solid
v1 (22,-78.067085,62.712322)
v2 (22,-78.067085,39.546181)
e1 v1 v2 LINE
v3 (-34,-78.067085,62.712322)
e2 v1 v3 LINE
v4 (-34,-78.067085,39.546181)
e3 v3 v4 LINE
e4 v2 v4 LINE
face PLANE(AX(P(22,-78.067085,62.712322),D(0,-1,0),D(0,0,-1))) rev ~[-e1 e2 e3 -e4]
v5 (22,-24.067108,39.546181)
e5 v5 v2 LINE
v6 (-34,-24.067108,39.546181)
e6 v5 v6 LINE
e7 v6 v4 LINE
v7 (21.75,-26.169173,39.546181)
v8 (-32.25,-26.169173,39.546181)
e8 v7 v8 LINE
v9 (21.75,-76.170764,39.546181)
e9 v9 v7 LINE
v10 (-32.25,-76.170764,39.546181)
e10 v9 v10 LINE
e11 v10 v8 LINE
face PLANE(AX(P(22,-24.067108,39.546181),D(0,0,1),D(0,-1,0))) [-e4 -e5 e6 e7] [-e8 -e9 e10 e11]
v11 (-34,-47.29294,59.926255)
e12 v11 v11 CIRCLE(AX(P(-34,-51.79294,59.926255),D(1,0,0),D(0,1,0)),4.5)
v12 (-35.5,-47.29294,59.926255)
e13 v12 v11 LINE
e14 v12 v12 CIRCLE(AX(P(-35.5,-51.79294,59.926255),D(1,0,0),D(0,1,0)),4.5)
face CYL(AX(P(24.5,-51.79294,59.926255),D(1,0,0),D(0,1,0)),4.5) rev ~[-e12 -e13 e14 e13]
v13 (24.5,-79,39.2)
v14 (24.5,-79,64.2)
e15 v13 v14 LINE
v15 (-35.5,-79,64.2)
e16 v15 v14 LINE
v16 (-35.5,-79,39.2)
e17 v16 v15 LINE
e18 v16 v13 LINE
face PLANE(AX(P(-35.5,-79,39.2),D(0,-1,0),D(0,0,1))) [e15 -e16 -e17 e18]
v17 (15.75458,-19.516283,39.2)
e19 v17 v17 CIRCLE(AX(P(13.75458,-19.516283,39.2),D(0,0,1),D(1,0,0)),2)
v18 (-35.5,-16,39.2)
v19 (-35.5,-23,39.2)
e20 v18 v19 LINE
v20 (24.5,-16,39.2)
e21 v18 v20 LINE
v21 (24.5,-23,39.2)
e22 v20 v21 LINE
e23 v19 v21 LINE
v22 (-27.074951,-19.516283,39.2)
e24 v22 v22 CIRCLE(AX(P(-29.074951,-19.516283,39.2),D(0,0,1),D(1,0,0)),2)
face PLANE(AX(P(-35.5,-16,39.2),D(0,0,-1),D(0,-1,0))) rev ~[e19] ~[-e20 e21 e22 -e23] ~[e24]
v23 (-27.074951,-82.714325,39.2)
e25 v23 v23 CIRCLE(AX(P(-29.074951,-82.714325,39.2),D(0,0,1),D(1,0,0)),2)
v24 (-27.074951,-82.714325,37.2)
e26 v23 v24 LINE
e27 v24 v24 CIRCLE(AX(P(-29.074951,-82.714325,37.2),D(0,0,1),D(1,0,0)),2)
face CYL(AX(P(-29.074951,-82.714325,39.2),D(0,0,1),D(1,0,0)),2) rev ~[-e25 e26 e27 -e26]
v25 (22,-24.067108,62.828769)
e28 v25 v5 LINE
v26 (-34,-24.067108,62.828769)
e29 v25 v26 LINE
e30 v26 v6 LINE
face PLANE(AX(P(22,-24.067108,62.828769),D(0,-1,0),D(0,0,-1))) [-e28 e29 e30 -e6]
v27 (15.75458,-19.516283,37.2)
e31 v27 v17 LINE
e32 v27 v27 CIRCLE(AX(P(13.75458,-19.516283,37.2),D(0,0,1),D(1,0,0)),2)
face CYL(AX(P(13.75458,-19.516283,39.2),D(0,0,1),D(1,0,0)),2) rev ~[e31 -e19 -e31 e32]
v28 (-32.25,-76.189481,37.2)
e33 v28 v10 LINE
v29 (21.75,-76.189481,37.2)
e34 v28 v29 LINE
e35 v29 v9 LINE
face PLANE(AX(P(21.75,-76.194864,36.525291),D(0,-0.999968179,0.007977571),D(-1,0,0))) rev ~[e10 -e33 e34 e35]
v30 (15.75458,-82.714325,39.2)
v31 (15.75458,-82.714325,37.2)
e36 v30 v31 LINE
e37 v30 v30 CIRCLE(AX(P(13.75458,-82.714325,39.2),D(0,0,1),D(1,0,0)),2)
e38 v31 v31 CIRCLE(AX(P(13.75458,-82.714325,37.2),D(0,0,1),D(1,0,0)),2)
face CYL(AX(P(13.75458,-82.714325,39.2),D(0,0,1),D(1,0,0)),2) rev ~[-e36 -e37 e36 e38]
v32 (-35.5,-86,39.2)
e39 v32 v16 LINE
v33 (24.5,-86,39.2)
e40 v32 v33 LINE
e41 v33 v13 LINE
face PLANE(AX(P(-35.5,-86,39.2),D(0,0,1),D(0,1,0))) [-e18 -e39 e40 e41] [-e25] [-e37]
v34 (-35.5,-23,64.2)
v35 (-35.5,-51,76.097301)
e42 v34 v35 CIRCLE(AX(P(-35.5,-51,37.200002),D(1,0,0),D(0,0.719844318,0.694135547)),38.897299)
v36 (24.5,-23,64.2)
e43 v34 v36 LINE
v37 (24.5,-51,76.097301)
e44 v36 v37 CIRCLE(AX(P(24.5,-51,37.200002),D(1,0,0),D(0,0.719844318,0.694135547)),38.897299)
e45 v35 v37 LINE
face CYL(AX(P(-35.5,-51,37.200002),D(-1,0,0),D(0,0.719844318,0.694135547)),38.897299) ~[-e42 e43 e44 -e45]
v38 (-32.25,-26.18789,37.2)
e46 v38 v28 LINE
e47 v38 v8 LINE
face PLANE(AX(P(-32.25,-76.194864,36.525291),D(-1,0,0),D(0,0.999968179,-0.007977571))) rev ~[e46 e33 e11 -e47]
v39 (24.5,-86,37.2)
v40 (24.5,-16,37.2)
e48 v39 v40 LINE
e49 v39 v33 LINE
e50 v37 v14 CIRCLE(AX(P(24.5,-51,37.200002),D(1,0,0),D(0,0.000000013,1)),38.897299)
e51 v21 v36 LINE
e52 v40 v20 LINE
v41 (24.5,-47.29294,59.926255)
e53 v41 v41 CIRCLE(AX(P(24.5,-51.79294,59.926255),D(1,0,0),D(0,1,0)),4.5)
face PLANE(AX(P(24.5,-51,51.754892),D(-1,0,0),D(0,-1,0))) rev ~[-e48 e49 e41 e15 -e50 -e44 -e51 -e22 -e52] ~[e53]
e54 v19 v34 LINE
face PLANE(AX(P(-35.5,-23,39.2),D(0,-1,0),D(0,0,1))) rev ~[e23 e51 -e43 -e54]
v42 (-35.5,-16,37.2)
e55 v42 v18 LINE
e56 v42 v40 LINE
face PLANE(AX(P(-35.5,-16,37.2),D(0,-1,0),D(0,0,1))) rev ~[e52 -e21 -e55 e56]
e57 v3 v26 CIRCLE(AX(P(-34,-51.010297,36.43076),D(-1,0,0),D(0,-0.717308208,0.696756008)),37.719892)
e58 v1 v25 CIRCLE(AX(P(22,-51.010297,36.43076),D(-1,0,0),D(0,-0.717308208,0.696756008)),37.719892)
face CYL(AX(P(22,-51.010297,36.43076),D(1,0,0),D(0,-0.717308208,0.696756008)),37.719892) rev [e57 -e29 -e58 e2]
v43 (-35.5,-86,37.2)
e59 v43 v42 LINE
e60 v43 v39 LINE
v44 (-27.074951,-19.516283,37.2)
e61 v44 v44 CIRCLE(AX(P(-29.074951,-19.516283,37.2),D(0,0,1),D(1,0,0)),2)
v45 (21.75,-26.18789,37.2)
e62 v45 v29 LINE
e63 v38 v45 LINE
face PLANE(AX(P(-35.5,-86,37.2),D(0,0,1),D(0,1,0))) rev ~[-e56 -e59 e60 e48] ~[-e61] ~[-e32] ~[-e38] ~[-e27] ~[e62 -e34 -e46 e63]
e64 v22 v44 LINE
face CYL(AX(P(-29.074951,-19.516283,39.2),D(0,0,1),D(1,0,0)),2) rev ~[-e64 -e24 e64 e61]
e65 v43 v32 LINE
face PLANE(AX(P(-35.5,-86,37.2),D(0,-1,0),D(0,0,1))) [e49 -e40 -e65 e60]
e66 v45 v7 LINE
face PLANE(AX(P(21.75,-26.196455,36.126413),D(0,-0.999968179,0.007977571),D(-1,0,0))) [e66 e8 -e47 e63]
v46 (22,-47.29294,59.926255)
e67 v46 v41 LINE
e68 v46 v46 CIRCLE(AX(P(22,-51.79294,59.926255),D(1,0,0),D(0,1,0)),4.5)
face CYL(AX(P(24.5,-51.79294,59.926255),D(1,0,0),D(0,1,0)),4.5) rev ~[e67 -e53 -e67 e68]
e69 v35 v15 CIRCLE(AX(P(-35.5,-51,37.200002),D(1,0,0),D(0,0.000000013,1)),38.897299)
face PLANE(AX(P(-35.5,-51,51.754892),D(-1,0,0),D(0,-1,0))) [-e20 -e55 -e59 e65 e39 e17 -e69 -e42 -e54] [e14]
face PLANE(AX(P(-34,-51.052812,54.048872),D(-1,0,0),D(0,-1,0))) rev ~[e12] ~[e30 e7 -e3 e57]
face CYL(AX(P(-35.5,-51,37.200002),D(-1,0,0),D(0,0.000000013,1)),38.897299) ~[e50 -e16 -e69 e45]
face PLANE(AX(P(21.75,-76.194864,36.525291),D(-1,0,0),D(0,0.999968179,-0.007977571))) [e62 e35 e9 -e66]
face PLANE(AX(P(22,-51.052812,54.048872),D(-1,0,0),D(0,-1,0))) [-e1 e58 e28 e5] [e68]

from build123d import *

# Parameters (mm, degrees)
EXTRUDE051_DEPTH                          = 56
SKETCH049_R                               = 2
EXTRUDE049_DEPTH                          = 15
SKETCH048_R                               = 4.5
EXTRUDE048_DEPTH                          = 100
SKETCH046_AS_DRAWN_W                      = 50
SKETCH046_AS_DRAWN_H                      = 54
EXTRUDE046_DEPTH                          = 24
EXTRUDE046_ONTO_SKETCH046_PITCH_ANGLE     = 0.457086
EXTRUDE046_ONTO_SKETCH046_PLACEMENT_ANGLE = 90
EXTRUDE045_DEPTH                          = 60


with BuildPart() as block_hollower:
    # Sketch050 (on Face1 of Cut026) → Extrude051 (new body)
    with BuildSketch(Plane(origin=(-35.5, 0, 0), x_dir=(0, -1, 0), z_dir=(-1, 0, 0))):
        with BuildLine():
            Line((24.067108, 62.828769), (24.067108, 39.546181))
            Line((24.067108, 39.546181), (78.067085, 39.546181))
            Line((78.067085, 62.712322), (78.067085, 39.546181))
            ThreePointArc((78.067085, 62.712322), (51.091637, 74.150565), (24.067108, 62.828769))
        make_face()
    extrude(amount=EXTRUDE051_DEPTH)


with BuildPart() as block_hollower_1:
    # Extrude051 placement: moved
    add(block_hollower.part.moved(Location((57.5, 0, 0))))


with BuildPart() as weapon_cover_screw_holes:
    # Sketch049 (on Face6 of Cut025) → Extrude049 (new body, symmetric)
    with BuildSketch(Plane.XY.offset(39.2)):
        with Locations((-29.074951, -82.714325)):
            Circle(SKETCH049_R)
        with Locations((13.75458, -82.714325)):
            Circle(SKETCH049_R)
        with Locations((-29.074951, -19.516283)):
            Circle(SKETCH049_R)
        with Locations((13.75458, -19.516283)):
            Circle(SKETCH049_R)
    extrude(amount=EXTRUDE049_DEPTH, both=True)


with BuildPart() as axis_hole_lid:
    # Sketch048 (on Face3 of Cut024) → Extrude048 (new body, symmetric)
    with BuildSketch(Plane.YZ.offset(24.5)):
        with Locations((-51.79294, 59.926255)):
            Circle(SKETCH048_R)
    extrude(amount=EXTRUDE048_DEPTH, both=True)


with BuildPart() as semi_hollower:
    # Sketch046 as drawn → Extrude046 (new)
    with BuildSketch(Plane.XY):
        with Locations((-9, -1)):
            Rectangle(SKETCH046_AS_DRAWN_W, SKETCH046_AS_DRAWN_H)
    extrude(amount=EXTRUDE046_DEPTH)


with BuildPart() as semi_hollower_1:
    # Extrude046 onto Sketch046 pitch: moved
    add(semi_hollower.part.rotate(Axis((0, 0, 0), (0, 1, 0)), EXTRUDE046_ONTO_SKETCH046_PITCH_ANGLE))


with BuildPart() as semi_hollower_2:
    # Extrude046 onto Sketch046 placement: moved
    add(semi_hollower_1.part.moved(Location((-5.5, -69.445946, 37.254054))).rotate(Axis((-5.5, -69.445946, 37.254054), (0, 0, 1)), EXTRUDE046_ONTO_SKETCH046_PLACEMENT_ANGLE))


with BuildPart() as semi_hollower_3:
    # Extrude046 placement: moved
    add(semi_hollower_2.part.moved(Location((-0.75, 27.25, -1))))


with BuildPart() as weapon_gear_cover:
    # Sketch045 → Extrude045 (new body)
    with BuildSketch(Plane.YZ):
        with BuildLine():
            Line((-86, 37.2), (-86, 39.2))
            Line((-86, 39.2), (-79, 39.2))
            Line((-79, 39.2), (-79, 64.2))
            ThreePointArc((-51, 76.097301), (-66.211392, 72.999631), (-79, 64.2))
            ThreePointArc((-23, 64.2), (-35.788608, 72.999631), (-51, 76.097301))
            Line((-23, 39.2), (-23, 64.2))
            Line((-16, 39.2), (-23, 39.2))
            Line((-16, 37.2), (-16, 39.2))
            Line((-16, 37.2), (-51, 37.2))
            Line((-86, 37.2), (-51, 37.2))
        make_face()
    extrude(amount=EXTRUDE045_DEPTH)


with BuildPart() as weapon_gear_cover_1:
    # Extrude045 placement: moved
    add(weapon_gear_cover.part.moved(Location((-35.5, 0, 0))))

    # Cut024: cut Semi Hollower
    add(semi_hollower_3.part, mode=Mode.SUBTRACT)

    # Cut025: cut Axis Hole Lid
    add(axis_hole_lid.part, mode=Mode.SUBTRACT)

    # Cut026: cut Weapon Cover Screw Holes
    add(weapon_cover_screw_holes.part, mode=Mode.SUBTRACT)

    # Cut028: cut Block Hollower
    add(block_hollower_1.part, mode=Mode.SUBTRACT)


solid = weapon_gear_cover_1.part
